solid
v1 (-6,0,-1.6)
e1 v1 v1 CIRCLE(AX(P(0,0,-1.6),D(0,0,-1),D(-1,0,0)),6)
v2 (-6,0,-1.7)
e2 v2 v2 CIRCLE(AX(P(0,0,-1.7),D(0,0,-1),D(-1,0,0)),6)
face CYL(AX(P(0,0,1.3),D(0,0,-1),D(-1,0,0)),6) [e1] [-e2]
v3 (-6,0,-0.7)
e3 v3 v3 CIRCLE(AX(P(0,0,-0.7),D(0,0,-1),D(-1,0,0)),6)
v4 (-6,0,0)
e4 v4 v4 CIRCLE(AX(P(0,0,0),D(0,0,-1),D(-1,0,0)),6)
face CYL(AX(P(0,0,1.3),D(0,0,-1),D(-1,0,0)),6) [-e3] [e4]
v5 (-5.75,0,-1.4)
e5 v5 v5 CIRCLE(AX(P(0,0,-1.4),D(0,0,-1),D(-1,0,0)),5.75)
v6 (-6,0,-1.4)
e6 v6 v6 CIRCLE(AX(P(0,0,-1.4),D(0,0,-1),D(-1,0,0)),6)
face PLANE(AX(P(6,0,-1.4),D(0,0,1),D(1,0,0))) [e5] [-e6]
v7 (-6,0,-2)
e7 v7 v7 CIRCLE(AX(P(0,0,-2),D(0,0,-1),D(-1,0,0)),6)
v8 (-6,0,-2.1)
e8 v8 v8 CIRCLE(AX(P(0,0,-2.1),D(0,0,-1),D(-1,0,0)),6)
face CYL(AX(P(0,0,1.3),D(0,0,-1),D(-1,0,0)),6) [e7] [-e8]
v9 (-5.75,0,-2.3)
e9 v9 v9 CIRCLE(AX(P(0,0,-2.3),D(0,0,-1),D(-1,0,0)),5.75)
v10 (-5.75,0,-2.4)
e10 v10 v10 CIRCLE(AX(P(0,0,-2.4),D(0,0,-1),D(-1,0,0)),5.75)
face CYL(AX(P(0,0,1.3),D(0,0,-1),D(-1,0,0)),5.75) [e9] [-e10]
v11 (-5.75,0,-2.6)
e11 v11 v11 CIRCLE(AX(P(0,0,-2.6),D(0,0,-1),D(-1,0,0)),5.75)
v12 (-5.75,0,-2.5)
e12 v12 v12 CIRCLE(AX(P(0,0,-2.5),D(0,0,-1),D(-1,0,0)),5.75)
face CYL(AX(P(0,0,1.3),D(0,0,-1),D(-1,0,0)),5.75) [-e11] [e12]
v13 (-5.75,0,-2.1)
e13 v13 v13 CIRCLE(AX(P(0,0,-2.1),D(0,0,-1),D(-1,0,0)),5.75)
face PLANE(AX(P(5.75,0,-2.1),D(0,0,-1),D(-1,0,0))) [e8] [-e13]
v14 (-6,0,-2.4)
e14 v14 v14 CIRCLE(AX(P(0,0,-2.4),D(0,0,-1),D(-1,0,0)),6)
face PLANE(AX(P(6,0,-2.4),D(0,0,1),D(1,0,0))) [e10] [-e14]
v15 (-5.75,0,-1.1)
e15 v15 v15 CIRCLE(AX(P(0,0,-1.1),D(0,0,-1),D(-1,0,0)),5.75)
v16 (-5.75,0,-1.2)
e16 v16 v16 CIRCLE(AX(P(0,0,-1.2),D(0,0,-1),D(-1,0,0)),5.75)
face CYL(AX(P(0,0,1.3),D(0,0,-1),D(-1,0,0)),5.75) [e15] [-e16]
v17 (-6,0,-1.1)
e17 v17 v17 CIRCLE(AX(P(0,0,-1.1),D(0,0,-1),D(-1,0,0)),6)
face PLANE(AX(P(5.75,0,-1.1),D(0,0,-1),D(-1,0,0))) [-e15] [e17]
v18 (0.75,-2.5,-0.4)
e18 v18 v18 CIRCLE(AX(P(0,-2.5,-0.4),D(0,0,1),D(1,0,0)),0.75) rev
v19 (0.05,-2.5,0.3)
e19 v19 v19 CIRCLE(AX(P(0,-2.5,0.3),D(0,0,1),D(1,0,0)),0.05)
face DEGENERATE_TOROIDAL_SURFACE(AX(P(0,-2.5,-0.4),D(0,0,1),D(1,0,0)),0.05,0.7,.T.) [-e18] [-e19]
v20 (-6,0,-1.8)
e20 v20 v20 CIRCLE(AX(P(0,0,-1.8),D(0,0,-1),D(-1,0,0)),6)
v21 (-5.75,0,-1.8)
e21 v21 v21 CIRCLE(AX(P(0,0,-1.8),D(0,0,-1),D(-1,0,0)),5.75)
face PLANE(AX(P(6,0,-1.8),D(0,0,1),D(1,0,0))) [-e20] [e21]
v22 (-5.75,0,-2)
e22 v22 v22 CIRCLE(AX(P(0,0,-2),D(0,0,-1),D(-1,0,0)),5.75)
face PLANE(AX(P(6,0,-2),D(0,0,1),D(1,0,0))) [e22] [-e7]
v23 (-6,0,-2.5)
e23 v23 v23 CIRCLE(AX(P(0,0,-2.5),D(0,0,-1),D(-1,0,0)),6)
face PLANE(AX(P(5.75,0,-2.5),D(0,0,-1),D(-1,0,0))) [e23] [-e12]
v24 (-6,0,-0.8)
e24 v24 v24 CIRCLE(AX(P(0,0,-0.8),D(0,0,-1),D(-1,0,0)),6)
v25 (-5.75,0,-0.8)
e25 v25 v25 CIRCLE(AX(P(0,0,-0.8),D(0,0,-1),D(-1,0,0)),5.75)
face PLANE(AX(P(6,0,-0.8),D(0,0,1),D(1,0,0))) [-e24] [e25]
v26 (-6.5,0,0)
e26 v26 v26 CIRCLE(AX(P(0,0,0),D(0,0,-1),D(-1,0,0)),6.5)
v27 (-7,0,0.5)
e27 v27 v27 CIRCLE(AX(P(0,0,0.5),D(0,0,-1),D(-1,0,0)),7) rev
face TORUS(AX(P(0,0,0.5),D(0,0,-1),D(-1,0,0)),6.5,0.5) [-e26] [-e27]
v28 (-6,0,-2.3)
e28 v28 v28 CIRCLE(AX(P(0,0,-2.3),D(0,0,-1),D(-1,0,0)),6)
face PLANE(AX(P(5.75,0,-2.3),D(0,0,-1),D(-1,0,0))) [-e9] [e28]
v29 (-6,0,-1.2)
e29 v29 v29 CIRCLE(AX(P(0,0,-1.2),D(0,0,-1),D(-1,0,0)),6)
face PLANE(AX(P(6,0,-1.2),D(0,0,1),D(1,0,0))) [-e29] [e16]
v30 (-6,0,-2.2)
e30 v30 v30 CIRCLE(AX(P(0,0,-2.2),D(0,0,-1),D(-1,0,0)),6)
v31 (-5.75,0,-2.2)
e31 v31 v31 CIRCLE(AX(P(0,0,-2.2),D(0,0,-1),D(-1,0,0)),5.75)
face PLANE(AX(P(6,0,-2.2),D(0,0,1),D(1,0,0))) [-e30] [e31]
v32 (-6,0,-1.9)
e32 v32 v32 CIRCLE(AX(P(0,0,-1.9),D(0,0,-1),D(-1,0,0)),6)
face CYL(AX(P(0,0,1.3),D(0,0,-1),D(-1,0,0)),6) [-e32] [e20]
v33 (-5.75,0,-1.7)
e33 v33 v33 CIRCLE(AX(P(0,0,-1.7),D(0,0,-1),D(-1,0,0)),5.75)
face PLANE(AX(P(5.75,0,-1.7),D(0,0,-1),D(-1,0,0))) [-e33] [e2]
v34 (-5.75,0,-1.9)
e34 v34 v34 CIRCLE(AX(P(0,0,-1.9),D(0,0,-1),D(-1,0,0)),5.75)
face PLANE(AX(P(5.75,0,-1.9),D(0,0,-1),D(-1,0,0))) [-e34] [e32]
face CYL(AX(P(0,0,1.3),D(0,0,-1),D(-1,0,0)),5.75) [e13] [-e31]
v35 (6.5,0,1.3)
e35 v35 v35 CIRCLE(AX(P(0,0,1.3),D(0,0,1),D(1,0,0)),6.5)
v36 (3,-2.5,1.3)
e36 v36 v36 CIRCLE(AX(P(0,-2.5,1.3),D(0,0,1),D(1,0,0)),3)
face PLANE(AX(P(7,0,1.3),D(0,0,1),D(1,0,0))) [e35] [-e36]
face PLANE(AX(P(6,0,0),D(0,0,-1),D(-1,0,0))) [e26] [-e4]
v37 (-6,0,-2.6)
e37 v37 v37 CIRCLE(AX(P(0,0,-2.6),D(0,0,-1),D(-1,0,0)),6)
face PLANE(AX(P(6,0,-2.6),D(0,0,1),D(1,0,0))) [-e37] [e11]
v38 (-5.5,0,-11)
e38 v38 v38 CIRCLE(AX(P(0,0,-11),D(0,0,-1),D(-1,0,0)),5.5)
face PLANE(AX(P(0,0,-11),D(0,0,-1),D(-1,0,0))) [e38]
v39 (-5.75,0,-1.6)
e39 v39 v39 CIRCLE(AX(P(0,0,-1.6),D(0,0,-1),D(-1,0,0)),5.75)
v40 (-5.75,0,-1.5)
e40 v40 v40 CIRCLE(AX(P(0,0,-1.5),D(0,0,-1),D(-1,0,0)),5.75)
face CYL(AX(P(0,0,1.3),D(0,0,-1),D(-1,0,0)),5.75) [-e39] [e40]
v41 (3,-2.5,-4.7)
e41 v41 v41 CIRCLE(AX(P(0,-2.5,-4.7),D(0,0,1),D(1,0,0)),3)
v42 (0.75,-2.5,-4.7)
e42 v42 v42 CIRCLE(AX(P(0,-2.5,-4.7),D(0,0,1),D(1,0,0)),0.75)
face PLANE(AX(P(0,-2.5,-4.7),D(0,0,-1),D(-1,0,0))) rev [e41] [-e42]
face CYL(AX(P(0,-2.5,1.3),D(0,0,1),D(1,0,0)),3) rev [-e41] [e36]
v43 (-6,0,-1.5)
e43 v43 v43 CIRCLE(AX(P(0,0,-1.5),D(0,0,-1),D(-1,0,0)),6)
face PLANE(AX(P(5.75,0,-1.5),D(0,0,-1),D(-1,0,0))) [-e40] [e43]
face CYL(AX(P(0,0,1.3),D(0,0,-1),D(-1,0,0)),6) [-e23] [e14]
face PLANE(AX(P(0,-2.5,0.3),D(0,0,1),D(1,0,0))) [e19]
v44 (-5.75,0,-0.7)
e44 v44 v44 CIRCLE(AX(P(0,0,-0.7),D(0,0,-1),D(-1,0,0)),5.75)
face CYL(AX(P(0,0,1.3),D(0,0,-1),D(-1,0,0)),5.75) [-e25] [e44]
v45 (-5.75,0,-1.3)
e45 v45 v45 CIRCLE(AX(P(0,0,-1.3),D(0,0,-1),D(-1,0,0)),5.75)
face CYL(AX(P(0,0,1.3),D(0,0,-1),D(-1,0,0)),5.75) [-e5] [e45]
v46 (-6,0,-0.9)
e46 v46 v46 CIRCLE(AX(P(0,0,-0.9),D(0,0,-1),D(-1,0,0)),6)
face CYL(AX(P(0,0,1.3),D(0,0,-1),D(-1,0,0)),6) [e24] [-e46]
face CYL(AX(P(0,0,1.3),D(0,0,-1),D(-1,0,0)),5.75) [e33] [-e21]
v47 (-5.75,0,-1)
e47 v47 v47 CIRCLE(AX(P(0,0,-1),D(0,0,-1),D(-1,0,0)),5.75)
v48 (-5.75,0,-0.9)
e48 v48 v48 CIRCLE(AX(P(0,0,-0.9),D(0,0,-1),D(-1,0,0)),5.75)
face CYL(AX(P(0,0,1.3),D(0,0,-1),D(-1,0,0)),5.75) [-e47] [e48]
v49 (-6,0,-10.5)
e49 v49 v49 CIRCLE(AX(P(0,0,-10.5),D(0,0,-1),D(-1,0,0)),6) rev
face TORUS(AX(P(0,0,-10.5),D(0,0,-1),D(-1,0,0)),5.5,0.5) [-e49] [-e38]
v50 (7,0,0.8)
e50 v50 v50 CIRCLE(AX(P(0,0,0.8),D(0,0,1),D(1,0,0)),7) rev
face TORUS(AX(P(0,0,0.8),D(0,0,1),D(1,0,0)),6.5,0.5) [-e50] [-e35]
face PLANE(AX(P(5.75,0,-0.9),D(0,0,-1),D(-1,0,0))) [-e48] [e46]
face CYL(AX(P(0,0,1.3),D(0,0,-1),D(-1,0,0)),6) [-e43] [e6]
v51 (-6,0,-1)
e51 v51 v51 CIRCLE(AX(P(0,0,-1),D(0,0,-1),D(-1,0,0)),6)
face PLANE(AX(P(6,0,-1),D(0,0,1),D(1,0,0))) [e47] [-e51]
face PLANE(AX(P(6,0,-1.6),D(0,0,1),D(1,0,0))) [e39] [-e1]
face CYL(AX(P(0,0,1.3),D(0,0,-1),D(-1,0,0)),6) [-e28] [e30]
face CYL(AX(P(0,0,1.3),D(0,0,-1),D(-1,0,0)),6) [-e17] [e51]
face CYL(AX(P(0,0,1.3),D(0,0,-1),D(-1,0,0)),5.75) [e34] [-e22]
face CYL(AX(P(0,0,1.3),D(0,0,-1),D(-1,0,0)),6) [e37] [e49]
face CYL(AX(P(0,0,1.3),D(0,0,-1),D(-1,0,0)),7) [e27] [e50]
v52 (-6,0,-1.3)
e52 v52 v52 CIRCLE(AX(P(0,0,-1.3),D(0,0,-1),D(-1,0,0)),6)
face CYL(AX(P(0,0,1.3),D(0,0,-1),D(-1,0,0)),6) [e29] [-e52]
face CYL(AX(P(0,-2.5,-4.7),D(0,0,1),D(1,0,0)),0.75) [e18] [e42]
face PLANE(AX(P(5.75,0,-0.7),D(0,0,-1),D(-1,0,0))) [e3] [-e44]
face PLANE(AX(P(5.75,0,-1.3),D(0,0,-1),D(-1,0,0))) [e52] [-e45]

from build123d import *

# Parameters (mm, degrees)
HOLE_WIZARD_6_0_6_1_D     = 6
HOLE_WIZARD_6_0_6_1_DEPTH = 6
SKETCH_4_W                = 0.75
SKETCH_4_H                = 5
FILLET_1_R                = 0.5
FILLET_2_R                = 0.7


with BuildPart() as part:
    # 草图1 → 旋转1 (revolve)
    with BuildSketch(Plane.XZ, mode=Mode.PRIVATE) as revolve_1_sk:
        Polygon((7, 1.3), (0, 1.3), (0, -11), (6, -11), (6, -2.6), (5.75, -2.6), (5.75, -2.5), (6, -2.5), (6, -2.4), (5.75, -2.4), (5.75, -2.3), (6, -2.3), (6, -2.2), (5.75, -2.2), (5.75, -2.1), (6, -2.1), (6, -2), (5.75, -2), (5.75, -1.9), (6, -1.9), (6, -1.8), (5.75, -1.8), (5.75, -1.7), (6, -1.7), (6, -1.6), (5.75, -1.6), (5.75, -1.5), (6, -1.5), (6, -1.4), (5.75, -1.4), (5.75, -1.3), (6, -1.3), (6, -1.2), (5.75, -1.2), (5.75, -1.1), (6, -1.1), (6, -1), (5.75, -1), (5.75, -0.9), (6, -0.9), (6, -0.8), (5.75, -0.8), (5.75, -0.7), (6, -0.7), (6, 0), (7, 0), align=None)
    revolve(revolve_1_sk.sketch.rotate(Axis((0, 0, 1.3), (0, 0, -1)), 180), axis=Axis((0, 0, 1.3), (0, 0, -1)))

    # Ø6.0 (6) 直径孔1
    with Locations(Plane.XY.offset(1.3)):
        with Locations((0, -2.5)):
            Hole(HOLE_WIZARD_6_0_6_1_D / 2, depth=HOLE_WIZARD_6_0_6_1_DEPTH)

    # 草图4 → 旋转2 (revolve)
    with BuildSketch(Plane(origin=(0, -2.5, 0), x_dir=(1, 0, 0), z_dir=(0, 1, 0))):
        with Locations((0.375, 2.2)):
            Rectangle(SKETCH_4_W, SKETCH_4_H)
    revolve(axis=Axis((0, -2.5, -4.7), (0, 0, 1)))

    # 圆角1
    fillet_1_edges = [part.edges().sort_by_distance(p)[0] for p in [
        (7, 0, 0),
        (6, 0, -11),
        (7, 0, 1.3),
    ]]
    fillet(fillet_1_edges, radius=FILLET_1_R)

    # 圆角2
    fillet_2_edges = [part.edges().sort_by_distance(p)[0] for p in [
        (-0.75, -2.5, 0.3),
    ]]
    fillet(fillet_2_edges, radius=FILLET_2_R)


solid = part.part
